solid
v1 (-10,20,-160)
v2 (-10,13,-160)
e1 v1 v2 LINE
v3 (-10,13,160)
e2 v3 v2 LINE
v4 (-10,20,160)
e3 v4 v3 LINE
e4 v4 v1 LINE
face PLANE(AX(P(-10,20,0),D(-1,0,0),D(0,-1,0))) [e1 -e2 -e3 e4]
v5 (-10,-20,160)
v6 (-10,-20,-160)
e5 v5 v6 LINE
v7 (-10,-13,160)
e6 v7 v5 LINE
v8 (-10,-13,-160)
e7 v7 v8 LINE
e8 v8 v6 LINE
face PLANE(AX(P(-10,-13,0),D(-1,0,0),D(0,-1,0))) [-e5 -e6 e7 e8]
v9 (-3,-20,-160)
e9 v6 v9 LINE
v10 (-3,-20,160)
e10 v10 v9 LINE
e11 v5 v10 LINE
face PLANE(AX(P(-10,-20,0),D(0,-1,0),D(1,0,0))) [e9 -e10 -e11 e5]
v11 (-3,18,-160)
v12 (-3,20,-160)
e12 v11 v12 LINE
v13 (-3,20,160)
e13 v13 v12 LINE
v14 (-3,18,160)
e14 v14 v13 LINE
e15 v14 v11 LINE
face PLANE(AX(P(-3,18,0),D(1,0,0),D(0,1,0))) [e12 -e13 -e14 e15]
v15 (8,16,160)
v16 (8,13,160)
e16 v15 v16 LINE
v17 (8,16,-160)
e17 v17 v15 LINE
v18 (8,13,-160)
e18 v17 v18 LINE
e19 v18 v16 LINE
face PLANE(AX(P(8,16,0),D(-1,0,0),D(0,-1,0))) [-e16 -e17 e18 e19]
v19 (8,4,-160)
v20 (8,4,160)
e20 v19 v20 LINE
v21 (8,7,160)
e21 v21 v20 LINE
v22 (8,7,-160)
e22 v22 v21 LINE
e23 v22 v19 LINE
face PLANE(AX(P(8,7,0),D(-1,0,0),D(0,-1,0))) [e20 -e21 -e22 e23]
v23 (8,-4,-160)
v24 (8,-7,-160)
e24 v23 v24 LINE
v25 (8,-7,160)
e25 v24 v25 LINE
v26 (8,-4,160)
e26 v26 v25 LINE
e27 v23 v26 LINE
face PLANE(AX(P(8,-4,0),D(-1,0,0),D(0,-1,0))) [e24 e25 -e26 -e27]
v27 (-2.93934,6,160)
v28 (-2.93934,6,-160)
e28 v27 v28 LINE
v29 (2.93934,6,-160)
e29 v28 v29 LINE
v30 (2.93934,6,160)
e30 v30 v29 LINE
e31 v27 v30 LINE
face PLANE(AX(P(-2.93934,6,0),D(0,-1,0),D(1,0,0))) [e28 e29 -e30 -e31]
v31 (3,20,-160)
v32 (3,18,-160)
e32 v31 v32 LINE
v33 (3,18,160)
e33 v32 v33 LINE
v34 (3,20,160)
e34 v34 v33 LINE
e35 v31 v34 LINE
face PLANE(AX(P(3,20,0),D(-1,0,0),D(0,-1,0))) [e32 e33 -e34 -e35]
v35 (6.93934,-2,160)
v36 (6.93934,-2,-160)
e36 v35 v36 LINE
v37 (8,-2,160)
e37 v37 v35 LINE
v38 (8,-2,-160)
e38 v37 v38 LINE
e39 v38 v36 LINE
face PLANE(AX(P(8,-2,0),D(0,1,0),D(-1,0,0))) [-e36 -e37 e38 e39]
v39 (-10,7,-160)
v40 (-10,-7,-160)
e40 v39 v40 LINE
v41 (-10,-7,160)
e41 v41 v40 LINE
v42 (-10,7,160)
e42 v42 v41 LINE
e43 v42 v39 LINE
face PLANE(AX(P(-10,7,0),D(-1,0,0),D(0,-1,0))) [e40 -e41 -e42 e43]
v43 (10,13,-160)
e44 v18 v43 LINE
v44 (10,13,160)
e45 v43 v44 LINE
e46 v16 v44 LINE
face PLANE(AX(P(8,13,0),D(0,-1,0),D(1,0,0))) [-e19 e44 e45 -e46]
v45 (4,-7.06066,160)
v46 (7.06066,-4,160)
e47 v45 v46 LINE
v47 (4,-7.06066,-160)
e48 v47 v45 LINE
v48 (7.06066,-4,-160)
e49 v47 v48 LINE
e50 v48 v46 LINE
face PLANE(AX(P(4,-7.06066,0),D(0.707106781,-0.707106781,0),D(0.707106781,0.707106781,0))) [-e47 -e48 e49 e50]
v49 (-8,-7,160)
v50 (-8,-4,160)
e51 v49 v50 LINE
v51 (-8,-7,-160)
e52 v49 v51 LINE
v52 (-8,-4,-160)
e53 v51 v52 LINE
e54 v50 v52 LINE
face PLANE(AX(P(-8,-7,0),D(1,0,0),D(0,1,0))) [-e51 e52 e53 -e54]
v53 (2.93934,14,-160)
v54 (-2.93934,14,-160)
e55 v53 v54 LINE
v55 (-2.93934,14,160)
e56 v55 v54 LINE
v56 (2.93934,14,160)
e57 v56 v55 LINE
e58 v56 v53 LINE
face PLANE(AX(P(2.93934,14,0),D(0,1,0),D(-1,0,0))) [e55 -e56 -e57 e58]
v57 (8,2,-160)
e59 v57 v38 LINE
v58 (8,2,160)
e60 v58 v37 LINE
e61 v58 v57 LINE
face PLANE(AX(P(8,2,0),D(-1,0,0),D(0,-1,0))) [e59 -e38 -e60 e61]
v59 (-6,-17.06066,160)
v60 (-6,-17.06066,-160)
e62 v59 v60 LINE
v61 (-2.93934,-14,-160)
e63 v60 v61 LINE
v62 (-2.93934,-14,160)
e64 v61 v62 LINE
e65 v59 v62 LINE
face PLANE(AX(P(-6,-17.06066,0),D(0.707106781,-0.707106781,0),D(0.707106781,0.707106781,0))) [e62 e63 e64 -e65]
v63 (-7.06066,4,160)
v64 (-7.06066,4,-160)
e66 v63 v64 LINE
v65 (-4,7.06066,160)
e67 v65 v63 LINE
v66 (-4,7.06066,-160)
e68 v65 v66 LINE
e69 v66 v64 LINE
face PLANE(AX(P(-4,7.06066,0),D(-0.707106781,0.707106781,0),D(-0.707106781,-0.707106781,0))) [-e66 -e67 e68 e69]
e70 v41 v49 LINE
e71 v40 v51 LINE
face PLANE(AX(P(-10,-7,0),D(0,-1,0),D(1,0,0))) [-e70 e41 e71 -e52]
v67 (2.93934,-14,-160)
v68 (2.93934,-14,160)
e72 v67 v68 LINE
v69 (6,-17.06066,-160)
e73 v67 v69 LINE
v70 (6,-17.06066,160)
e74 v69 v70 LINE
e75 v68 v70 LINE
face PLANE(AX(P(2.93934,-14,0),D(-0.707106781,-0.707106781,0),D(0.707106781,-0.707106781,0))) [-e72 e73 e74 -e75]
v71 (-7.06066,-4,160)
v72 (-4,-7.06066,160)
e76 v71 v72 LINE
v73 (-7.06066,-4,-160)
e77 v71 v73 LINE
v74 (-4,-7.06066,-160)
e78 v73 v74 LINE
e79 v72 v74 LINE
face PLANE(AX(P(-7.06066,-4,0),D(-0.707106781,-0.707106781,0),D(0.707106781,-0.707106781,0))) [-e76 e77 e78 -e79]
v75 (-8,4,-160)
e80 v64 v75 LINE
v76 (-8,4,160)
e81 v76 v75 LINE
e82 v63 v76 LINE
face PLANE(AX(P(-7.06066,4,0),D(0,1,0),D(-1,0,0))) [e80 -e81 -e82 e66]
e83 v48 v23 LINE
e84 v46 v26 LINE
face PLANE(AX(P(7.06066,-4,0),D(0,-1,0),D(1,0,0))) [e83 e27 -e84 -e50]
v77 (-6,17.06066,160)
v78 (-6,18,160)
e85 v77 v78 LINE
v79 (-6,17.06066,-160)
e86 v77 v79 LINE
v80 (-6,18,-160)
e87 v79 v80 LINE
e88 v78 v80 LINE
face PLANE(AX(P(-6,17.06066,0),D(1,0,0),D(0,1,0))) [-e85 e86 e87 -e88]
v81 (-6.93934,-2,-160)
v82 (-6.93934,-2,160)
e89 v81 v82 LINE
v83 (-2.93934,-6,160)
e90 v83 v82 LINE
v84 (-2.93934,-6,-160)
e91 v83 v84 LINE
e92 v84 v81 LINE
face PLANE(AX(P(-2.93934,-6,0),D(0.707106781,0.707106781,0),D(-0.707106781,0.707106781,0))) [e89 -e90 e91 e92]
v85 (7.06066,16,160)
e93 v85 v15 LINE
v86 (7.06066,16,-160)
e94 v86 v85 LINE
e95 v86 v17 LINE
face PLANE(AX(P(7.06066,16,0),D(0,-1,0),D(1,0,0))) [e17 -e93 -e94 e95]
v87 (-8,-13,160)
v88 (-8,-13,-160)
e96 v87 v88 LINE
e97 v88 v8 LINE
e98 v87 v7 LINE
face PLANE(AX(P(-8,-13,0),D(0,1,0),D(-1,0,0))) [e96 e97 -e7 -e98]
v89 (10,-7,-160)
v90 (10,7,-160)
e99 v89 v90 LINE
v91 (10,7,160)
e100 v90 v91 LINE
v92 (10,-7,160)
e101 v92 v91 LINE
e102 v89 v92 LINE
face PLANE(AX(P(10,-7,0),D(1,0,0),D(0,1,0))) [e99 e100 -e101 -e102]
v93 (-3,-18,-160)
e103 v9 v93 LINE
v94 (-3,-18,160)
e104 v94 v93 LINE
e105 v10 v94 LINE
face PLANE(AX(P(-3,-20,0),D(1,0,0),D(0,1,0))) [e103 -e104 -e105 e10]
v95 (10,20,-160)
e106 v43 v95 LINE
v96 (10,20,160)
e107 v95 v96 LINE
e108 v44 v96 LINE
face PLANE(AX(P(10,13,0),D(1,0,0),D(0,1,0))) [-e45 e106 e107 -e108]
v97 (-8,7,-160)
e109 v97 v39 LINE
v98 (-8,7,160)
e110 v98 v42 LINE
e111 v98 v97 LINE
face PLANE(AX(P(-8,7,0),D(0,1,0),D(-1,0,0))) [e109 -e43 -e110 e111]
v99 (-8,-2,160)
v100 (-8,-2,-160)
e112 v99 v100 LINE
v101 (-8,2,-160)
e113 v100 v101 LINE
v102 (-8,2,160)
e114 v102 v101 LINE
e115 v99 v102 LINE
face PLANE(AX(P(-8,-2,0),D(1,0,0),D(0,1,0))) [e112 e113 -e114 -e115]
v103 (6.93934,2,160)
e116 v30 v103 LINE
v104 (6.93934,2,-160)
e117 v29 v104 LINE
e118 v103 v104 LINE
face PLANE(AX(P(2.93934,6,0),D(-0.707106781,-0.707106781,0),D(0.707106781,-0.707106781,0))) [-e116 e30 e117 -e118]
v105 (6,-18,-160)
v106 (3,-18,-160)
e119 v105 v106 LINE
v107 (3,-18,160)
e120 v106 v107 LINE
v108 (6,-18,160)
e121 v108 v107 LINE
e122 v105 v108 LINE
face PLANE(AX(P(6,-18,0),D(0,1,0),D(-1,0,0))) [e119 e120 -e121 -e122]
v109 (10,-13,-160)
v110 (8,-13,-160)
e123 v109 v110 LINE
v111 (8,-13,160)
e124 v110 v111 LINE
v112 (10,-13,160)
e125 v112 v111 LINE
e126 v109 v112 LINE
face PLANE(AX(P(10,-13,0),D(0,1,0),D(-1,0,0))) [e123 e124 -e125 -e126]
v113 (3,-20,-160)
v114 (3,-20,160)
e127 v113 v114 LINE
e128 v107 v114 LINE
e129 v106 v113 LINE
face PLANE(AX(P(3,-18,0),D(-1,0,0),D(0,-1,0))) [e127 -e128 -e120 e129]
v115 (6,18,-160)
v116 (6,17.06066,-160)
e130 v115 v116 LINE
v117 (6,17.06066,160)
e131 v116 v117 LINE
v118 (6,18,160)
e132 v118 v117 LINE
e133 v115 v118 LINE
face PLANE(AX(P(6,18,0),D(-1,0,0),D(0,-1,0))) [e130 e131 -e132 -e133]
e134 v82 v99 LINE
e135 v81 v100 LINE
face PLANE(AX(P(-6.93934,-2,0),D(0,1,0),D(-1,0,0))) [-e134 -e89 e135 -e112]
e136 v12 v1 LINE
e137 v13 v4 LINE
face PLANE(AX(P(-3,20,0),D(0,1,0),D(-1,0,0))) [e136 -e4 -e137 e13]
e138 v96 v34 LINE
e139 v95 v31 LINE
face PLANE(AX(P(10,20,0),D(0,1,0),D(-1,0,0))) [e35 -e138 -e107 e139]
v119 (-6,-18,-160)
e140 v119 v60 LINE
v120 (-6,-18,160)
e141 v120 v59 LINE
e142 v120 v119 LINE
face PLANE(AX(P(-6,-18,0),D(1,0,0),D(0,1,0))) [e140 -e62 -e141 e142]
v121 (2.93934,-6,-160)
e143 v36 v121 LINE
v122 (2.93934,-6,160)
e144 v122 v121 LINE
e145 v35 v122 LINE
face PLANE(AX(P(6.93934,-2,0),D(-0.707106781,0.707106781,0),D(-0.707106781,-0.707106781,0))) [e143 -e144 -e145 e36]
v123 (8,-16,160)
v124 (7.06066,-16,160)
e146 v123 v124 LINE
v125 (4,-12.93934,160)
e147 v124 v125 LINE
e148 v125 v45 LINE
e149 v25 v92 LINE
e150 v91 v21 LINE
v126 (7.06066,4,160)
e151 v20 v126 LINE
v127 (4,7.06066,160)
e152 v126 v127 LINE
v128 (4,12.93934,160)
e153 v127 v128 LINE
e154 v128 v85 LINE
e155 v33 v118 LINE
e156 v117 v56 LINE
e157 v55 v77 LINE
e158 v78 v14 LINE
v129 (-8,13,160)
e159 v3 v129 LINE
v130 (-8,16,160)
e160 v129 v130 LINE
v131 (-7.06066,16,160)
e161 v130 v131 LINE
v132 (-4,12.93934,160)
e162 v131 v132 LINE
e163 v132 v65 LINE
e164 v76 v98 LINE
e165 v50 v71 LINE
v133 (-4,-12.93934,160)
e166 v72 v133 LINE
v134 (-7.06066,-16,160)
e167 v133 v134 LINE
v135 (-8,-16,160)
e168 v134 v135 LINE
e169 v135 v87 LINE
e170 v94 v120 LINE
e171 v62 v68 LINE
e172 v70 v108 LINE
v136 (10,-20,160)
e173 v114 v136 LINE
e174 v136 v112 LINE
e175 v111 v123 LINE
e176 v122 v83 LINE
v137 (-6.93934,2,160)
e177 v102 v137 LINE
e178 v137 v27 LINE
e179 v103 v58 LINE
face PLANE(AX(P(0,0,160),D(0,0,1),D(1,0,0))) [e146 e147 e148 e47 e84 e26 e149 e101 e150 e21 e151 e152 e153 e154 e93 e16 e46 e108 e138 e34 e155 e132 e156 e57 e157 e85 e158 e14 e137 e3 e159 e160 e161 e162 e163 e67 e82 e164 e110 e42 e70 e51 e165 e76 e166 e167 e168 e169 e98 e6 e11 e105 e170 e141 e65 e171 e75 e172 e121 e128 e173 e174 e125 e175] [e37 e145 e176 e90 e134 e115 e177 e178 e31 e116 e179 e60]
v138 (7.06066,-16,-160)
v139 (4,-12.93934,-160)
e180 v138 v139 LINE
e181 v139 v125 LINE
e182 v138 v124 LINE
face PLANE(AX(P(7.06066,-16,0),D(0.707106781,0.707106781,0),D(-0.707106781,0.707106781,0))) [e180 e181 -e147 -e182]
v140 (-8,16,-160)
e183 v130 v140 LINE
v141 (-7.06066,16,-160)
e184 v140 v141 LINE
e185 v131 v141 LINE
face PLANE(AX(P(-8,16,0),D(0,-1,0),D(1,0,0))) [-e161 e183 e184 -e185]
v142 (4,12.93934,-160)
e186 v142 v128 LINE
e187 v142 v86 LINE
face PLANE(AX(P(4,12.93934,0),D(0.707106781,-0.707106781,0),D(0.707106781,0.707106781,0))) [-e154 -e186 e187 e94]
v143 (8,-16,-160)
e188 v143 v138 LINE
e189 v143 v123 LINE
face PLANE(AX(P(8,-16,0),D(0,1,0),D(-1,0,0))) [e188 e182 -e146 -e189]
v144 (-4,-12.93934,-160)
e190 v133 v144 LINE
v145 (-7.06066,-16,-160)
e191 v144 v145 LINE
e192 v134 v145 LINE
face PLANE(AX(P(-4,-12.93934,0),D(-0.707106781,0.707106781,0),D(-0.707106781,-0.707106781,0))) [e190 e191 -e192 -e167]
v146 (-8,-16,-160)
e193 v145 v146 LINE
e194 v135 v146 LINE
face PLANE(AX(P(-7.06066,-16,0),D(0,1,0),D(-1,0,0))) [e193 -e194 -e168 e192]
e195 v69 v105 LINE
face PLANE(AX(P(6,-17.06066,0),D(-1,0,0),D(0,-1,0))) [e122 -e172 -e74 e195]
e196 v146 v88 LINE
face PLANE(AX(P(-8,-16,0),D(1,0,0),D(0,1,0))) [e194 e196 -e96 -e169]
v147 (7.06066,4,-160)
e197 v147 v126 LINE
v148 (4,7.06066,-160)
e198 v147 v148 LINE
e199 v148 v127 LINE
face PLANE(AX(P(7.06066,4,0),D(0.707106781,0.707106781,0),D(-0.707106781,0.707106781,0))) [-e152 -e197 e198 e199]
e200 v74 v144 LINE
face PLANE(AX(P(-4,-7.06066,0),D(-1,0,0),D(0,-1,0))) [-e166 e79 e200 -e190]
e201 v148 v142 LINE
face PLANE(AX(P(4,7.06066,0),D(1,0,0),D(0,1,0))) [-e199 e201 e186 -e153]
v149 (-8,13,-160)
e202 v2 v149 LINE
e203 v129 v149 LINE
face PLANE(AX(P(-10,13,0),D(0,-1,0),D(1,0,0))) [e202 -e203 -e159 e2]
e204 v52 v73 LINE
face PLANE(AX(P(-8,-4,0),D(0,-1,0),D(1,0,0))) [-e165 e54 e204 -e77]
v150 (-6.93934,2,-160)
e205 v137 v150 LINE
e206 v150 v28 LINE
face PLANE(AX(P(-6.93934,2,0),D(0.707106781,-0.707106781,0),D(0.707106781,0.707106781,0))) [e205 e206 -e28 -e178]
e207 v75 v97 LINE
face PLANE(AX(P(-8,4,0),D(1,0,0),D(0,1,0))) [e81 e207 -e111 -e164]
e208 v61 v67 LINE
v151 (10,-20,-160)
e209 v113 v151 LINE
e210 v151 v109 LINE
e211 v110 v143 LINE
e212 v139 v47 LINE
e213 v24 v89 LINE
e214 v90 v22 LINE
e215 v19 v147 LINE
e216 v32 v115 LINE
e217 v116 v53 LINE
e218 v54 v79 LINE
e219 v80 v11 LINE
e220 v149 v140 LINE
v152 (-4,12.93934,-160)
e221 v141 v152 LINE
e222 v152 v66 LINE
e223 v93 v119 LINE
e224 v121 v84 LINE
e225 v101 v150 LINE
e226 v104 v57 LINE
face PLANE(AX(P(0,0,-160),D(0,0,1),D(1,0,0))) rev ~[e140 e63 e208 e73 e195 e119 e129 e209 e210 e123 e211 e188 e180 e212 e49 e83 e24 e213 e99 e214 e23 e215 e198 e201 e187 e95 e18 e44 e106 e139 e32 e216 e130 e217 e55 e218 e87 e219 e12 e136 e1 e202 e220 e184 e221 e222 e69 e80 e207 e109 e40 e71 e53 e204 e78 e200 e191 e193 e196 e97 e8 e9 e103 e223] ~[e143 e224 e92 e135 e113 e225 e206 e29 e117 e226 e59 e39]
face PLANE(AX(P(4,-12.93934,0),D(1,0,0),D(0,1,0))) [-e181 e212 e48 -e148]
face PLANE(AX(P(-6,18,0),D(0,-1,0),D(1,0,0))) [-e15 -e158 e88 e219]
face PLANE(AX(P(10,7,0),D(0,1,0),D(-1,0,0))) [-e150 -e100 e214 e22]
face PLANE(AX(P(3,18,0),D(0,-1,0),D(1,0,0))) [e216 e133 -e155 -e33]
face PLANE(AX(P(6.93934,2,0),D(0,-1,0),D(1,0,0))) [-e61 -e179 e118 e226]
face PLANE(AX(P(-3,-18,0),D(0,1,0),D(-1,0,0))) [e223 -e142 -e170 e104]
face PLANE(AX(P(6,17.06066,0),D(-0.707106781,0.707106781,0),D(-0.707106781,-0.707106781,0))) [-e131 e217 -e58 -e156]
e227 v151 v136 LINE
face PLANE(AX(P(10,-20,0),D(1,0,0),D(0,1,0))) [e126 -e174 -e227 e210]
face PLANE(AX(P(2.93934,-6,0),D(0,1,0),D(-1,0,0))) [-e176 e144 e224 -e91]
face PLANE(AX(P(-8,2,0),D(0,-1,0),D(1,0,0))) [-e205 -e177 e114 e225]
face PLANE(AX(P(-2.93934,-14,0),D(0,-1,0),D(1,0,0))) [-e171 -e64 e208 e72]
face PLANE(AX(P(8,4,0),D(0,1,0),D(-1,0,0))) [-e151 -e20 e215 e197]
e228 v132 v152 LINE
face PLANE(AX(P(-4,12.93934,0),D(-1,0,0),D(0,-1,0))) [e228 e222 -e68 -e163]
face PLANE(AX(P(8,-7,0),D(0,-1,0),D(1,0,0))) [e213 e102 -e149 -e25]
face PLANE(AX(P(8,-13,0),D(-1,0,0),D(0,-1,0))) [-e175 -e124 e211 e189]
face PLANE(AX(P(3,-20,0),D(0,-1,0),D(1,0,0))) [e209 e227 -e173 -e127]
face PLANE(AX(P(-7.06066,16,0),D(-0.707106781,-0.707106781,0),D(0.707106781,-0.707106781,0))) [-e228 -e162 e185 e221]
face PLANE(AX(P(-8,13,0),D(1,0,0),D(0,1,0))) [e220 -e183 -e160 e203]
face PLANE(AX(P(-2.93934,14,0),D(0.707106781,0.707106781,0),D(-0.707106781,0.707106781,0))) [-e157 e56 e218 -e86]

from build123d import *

# Parameters (mm, degrees)
BOSS_EXTRUDE1_DEPTH = 160


with BuildPart() as part:
    # Sketch1 → Boss-Extrude1 (new body, symmetric)
    with BuildSketch(Plane.XY):
        Polygon((-6, -17.060660172), (-2.939339828, -14), (2.939339828, -14), (6, -17.060660172), (6, -18), (3, -18), (3, -20), (10, -20), (10, -13), (8, -13), (8, -16), (7.060660172, -16), (4, -12.939339828), (4, -7.060660172), (7.060660172, -4), (8, -4), (8, -7), (10, -7), (10, 7), (8, 7), (8, 4), (7.060660172, 4), (4, 7.060660172), (4, 12.939339828), (7.060660172, 16), (8, 16), (8, 13), (10, 13), (10, 20), (3, 20), (3, 18), (6, 18), (6, 17.060660172), (2.939339828, 14), (-2.939339828, 14), (-6, 17.060660172), (-6, 18), (-3, 18), (-3, 20), (-10, 20), (-10, 13), (-8, 13), (-8, 16), (-7.060660172, 16), (-4, 12.939339828), (-4, 7.060660172), (-7.060660172, 4), (-8, 4), (-8, 7), (-10, 7), (-10, -7), (-8, -7), (-8, -4), (-7.060660172, -4), (-4, -7.060660172), (-4, -12.939339828), (-7.060660172, -16), (-8, -16), (-8, -13), (-10, -13), (-10, -20), (-3, -20), (-3, -18), (-6, -18), align=None)
        Polygon((-6.939339828, -2), (-8, -2), (-8, 2), (-6.939339828, 2), (-2.939339828, 6), (2.939339828, 6), (6.939339828, 2), (8, 2), (8, -2), (6.939339828, -2), (2.939339828, -6), (-2.939339828, -6), align=None, mode=Mode.SUBTRACT)
    extrude(amount=BOSS_EXTRUDE1_DEPTH, both=True)


solid = part.part
